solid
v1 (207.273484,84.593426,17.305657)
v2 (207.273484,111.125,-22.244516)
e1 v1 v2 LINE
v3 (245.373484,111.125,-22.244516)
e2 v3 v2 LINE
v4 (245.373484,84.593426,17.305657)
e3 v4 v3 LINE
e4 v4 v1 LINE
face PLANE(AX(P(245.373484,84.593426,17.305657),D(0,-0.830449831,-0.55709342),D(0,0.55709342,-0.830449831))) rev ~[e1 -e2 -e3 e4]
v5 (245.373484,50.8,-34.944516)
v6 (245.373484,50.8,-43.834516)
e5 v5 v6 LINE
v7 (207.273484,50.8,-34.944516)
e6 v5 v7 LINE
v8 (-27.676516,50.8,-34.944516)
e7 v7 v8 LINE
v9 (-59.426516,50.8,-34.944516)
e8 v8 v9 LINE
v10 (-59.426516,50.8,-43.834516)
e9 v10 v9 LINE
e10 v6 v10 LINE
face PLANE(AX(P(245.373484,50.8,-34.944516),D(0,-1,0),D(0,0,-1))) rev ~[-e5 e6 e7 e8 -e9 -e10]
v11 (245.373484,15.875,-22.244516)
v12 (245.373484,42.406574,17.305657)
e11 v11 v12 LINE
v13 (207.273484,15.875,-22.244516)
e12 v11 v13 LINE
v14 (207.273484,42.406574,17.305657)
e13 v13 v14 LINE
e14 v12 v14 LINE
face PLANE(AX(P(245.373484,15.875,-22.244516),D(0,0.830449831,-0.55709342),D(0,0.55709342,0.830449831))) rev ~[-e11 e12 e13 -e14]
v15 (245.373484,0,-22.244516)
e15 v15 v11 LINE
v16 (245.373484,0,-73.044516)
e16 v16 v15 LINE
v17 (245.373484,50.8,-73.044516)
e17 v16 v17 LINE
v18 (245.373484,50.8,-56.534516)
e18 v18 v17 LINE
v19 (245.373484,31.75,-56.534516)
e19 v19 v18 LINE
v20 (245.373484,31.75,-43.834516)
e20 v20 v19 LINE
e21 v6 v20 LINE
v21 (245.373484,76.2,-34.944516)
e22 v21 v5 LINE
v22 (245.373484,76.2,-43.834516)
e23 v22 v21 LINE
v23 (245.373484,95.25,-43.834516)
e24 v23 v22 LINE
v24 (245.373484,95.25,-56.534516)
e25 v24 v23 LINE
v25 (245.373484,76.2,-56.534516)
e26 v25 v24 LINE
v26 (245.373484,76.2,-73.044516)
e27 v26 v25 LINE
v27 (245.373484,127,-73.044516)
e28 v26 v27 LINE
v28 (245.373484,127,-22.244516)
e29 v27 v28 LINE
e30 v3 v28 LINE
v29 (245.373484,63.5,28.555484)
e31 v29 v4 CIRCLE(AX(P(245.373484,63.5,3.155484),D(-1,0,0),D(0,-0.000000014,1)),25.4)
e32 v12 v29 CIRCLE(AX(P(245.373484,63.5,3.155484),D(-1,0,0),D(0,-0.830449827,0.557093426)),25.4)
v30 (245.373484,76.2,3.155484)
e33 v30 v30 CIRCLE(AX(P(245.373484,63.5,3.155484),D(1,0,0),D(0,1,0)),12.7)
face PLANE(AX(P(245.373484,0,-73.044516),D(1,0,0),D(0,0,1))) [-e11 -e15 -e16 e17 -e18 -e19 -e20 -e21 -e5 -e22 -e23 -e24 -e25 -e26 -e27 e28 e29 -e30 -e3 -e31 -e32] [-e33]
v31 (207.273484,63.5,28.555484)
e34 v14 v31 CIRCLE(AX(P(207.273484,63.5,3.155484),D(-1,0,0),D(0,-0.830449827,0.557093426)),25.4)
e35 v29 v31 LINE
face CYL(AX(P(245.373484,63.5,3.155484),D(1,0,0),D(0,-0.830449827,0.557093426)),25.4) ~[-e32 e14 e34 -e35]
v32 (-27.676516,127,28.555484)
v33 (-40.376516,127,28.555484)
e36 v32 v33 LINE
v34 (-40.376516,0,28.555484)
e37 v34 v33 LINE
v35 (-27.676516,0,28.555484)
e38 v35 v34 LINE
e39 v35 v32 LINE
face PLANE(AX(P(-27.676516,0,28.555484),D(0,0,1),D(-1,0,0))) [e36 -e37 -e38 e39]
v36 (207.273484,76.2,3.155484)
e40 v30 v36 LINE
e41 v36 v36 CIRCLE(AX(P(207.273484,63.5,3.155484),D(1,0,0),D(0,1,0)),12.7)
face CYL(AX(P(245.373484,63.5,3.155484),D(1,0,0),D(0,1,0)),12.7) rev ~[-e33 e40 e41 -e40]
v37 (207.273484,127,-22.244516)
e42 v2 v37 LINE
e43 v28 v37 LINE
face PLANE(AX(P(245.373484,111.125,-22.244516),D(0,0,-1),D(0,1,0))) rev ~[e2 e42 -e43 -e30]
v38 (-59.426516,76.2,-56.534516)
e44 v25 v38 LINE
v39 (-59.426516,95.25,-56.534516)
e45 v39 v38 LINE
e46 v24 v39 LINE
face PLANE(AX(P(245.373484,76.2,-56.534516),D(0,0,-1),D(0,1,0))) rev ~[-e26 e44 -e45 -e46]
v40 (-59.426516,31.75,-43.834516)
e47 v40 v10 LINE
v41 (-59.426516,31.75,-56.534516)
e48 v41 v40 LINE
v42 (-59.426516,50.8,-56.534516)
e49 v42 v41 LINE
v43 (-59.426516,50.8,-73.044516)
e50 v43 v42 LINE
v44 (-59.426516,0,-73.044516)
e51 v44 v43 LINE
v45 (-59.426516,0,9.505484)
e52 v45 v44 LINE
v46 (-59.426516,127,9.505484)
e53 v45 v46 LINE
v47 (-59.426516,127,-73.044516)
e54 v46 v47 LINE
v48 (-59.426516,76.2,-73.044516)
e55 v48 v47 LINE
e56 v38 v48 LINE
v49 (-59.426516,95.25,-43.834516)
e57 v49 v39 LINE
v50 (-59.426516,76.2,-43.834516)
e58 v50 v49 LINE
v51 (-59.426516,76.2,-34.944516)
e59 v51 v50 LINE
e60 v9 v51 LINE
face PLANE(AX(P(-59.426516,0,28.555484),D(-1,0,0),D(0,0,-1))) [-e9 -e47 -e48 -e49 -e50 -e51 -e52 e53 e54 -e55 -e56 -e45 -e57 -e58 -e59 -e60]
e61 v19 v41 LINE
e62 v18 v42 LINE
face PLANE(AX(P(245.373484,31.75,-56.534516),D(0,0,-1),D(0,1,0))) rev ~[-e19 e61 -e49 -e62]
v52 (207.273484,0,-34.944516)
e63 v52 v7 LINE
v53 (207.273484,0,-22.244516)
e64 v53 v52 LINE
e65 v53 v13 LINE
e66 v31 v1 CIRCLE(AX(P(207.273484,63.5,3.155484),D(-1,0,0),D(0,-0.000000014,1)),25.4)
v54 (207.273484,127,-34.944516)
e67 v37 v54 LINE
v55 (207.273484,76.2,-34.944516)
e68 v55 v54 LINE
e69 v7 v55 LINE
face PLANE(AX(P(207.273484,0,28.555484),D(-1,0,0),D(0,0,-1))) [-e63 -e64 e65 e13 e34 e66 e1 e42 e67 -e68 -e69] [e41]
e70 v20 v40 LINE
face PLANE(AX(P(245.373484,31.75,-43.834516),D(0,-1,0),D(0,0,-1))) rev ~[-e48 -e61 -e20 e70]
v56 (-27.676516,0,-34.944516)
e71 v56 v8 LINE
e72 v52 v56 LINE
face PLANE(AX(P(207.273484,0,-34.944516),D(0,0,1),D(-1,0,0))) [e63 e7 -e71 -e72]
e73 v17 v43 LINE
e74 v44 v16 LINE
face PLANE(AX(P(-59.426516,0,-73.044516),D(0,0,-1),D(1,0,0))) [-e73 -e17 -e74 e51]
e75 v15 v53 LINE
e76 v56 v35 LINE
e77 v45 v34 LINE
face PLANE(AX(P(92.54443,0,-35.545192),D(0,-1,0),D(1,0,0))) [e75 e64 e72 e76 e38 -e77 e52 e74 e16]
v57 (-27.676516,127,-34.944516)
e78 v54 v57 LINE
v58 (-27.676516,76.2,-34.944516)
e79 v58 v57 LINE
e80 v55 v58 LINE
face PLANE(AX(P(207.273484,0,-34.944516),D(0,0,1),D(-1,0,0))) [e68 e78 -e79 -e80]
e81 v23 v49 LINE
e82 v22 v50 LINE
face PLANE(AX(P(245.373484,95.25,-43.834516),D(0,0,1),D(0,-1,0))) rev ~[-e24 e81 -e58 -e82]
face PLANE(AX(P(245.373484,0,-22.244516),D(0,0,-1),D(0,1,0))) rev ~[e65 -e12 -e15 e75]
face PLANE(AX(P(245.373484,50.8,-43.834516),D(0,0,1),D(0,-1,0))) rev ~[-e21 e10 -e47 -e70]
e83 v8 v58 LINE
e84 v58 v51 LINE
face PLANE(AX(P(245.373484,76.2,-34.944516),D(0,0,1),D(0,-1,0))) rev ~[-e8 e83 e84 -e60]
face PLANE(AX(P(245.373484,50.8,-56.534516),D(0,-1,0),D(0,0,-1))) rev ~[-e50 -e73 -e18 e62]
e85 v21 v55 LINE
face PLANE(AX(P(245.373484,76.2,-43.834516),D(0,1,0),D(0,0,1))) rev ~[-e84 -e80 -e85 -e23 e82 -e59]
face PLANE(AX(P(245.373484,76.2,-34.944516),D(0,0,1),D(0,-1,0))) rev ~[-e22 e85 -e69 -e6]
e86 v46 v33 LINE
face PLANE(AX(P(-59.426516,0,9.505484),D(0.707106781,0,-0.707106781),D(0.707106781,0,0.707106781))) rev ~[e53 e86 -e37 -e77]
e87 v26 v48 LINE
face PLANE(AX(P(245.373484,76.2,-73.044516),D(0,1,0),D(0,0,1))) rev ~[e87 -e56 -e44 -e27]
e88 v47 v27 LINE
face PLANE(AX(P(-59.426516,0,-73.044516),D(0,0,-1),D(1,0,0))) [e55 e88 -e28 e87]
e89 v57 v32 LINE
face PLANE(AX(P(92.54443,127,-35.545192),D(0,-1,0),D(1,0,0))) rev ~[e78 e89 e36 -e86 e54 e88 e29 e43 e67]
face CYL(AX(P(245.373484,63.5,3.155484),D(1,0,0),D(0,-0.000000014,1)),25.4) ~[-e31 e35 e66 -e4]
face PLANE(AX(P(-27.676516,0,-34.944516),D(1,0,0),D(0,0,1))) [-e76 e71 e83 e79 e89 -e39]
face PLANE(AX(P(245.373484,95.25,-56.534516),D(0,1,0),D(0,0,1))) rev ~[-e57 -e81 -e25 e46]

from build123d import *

# Parameters (mm, degrees)
F1_DEPTH = 127
F3_DEPTH = 127
F5_DEPTH = 304.801
F7_DEPTH = 38.1
F8_R     = 12.7
F9_DEPTH = 38.1


with BuildPart() as f1:
    # F0 (on Front) → F1 (new body)
    with BuildSketch(Plane.XZ):
        Polygon((-27.676516, -34.944516), (-27.676516, 28.555484), (-59.426516, 28.555484), (-59.426516, -73.044516), (245.373484, -73.044516), (245.373484, 28.555484), (207.273484, 28.555484), (207.273484, -34.944516), align=None)
    extrude(amount=-F1_DEPTH)

    # F2 (on face) → F3 (cut)
    with BuildSketch(Plane.XZ):
        Polygon((-40.376516, 28.555484), (-59.426516, 28.555484), (-59.426516, 9.505484), align=None)
    extrude(amount=-F3_DEPTH, mode=Mode.SUBTRACT)

    # F4 (on face) → F5 (cut, through all)
    with BuildSketch(Plane.YZ.offset(245.373484)):
        Polygon((50.8, -73.044516), (63.5, -73.044516), (76.2, -73.044516), (76.2, -56.534516), (95.25, -56.534516), (95.25, -43.834516), (76.2, -43.834516), (76.2, -34.944516), (50.8, -34.944516), (50.8, -43.834516), (31.75, -43.834516), (31.75, -56.534516), (50.8, -56.534516), align=None)
    extrude(amount=-F5_DEPTH, mode=Mode.SUBTRACT)

    # F6 (on face) → F7 (cut)
    with BuildSketch(Plane.YZ.offset(245.373484)):
        with BuildLine():
            Line((0, 28.555484), (0, -22.244516))
            Line((0, -22.244516), (15.875, -22.244516))
            Line((15.875, -22.244516), (42.406574, 17.305657))
            ThreePointArc((42.406574, 17.305657), (51.547059, 25.567249), (63.5, 28.555484))
            Line((63.5, 28.555484), (0, 28.555484))
        make_face()
        with BuildLine():
            Line((127, 28.555484), (63.5, 28.555484))
            ThreePointArc((63.5, 28.555484), (75.452941, 25.567249), (84.593426, 17.305657))
            Line((84.593426, 17.305657), (111.125, -22.244516))
            Line((111.125, -22.244516), (127, -22.244516))
            Line((127, -22.244516), (127, 28.555484))
        make_face()
    extrude(amount=-F7_DEPTH, mode=Mode.SUBTRACT)

    # F8 (on face) → F9 (cut)
    with BuildSketch(Plane.YZ.offset(245.373484)):
        with Locations((63.5, 3.155484)):
            Circle(F8_R)
    extrude(amount=-F9_DEPTH, mode=Mode.SUBTRACT)


solid = f1.part
